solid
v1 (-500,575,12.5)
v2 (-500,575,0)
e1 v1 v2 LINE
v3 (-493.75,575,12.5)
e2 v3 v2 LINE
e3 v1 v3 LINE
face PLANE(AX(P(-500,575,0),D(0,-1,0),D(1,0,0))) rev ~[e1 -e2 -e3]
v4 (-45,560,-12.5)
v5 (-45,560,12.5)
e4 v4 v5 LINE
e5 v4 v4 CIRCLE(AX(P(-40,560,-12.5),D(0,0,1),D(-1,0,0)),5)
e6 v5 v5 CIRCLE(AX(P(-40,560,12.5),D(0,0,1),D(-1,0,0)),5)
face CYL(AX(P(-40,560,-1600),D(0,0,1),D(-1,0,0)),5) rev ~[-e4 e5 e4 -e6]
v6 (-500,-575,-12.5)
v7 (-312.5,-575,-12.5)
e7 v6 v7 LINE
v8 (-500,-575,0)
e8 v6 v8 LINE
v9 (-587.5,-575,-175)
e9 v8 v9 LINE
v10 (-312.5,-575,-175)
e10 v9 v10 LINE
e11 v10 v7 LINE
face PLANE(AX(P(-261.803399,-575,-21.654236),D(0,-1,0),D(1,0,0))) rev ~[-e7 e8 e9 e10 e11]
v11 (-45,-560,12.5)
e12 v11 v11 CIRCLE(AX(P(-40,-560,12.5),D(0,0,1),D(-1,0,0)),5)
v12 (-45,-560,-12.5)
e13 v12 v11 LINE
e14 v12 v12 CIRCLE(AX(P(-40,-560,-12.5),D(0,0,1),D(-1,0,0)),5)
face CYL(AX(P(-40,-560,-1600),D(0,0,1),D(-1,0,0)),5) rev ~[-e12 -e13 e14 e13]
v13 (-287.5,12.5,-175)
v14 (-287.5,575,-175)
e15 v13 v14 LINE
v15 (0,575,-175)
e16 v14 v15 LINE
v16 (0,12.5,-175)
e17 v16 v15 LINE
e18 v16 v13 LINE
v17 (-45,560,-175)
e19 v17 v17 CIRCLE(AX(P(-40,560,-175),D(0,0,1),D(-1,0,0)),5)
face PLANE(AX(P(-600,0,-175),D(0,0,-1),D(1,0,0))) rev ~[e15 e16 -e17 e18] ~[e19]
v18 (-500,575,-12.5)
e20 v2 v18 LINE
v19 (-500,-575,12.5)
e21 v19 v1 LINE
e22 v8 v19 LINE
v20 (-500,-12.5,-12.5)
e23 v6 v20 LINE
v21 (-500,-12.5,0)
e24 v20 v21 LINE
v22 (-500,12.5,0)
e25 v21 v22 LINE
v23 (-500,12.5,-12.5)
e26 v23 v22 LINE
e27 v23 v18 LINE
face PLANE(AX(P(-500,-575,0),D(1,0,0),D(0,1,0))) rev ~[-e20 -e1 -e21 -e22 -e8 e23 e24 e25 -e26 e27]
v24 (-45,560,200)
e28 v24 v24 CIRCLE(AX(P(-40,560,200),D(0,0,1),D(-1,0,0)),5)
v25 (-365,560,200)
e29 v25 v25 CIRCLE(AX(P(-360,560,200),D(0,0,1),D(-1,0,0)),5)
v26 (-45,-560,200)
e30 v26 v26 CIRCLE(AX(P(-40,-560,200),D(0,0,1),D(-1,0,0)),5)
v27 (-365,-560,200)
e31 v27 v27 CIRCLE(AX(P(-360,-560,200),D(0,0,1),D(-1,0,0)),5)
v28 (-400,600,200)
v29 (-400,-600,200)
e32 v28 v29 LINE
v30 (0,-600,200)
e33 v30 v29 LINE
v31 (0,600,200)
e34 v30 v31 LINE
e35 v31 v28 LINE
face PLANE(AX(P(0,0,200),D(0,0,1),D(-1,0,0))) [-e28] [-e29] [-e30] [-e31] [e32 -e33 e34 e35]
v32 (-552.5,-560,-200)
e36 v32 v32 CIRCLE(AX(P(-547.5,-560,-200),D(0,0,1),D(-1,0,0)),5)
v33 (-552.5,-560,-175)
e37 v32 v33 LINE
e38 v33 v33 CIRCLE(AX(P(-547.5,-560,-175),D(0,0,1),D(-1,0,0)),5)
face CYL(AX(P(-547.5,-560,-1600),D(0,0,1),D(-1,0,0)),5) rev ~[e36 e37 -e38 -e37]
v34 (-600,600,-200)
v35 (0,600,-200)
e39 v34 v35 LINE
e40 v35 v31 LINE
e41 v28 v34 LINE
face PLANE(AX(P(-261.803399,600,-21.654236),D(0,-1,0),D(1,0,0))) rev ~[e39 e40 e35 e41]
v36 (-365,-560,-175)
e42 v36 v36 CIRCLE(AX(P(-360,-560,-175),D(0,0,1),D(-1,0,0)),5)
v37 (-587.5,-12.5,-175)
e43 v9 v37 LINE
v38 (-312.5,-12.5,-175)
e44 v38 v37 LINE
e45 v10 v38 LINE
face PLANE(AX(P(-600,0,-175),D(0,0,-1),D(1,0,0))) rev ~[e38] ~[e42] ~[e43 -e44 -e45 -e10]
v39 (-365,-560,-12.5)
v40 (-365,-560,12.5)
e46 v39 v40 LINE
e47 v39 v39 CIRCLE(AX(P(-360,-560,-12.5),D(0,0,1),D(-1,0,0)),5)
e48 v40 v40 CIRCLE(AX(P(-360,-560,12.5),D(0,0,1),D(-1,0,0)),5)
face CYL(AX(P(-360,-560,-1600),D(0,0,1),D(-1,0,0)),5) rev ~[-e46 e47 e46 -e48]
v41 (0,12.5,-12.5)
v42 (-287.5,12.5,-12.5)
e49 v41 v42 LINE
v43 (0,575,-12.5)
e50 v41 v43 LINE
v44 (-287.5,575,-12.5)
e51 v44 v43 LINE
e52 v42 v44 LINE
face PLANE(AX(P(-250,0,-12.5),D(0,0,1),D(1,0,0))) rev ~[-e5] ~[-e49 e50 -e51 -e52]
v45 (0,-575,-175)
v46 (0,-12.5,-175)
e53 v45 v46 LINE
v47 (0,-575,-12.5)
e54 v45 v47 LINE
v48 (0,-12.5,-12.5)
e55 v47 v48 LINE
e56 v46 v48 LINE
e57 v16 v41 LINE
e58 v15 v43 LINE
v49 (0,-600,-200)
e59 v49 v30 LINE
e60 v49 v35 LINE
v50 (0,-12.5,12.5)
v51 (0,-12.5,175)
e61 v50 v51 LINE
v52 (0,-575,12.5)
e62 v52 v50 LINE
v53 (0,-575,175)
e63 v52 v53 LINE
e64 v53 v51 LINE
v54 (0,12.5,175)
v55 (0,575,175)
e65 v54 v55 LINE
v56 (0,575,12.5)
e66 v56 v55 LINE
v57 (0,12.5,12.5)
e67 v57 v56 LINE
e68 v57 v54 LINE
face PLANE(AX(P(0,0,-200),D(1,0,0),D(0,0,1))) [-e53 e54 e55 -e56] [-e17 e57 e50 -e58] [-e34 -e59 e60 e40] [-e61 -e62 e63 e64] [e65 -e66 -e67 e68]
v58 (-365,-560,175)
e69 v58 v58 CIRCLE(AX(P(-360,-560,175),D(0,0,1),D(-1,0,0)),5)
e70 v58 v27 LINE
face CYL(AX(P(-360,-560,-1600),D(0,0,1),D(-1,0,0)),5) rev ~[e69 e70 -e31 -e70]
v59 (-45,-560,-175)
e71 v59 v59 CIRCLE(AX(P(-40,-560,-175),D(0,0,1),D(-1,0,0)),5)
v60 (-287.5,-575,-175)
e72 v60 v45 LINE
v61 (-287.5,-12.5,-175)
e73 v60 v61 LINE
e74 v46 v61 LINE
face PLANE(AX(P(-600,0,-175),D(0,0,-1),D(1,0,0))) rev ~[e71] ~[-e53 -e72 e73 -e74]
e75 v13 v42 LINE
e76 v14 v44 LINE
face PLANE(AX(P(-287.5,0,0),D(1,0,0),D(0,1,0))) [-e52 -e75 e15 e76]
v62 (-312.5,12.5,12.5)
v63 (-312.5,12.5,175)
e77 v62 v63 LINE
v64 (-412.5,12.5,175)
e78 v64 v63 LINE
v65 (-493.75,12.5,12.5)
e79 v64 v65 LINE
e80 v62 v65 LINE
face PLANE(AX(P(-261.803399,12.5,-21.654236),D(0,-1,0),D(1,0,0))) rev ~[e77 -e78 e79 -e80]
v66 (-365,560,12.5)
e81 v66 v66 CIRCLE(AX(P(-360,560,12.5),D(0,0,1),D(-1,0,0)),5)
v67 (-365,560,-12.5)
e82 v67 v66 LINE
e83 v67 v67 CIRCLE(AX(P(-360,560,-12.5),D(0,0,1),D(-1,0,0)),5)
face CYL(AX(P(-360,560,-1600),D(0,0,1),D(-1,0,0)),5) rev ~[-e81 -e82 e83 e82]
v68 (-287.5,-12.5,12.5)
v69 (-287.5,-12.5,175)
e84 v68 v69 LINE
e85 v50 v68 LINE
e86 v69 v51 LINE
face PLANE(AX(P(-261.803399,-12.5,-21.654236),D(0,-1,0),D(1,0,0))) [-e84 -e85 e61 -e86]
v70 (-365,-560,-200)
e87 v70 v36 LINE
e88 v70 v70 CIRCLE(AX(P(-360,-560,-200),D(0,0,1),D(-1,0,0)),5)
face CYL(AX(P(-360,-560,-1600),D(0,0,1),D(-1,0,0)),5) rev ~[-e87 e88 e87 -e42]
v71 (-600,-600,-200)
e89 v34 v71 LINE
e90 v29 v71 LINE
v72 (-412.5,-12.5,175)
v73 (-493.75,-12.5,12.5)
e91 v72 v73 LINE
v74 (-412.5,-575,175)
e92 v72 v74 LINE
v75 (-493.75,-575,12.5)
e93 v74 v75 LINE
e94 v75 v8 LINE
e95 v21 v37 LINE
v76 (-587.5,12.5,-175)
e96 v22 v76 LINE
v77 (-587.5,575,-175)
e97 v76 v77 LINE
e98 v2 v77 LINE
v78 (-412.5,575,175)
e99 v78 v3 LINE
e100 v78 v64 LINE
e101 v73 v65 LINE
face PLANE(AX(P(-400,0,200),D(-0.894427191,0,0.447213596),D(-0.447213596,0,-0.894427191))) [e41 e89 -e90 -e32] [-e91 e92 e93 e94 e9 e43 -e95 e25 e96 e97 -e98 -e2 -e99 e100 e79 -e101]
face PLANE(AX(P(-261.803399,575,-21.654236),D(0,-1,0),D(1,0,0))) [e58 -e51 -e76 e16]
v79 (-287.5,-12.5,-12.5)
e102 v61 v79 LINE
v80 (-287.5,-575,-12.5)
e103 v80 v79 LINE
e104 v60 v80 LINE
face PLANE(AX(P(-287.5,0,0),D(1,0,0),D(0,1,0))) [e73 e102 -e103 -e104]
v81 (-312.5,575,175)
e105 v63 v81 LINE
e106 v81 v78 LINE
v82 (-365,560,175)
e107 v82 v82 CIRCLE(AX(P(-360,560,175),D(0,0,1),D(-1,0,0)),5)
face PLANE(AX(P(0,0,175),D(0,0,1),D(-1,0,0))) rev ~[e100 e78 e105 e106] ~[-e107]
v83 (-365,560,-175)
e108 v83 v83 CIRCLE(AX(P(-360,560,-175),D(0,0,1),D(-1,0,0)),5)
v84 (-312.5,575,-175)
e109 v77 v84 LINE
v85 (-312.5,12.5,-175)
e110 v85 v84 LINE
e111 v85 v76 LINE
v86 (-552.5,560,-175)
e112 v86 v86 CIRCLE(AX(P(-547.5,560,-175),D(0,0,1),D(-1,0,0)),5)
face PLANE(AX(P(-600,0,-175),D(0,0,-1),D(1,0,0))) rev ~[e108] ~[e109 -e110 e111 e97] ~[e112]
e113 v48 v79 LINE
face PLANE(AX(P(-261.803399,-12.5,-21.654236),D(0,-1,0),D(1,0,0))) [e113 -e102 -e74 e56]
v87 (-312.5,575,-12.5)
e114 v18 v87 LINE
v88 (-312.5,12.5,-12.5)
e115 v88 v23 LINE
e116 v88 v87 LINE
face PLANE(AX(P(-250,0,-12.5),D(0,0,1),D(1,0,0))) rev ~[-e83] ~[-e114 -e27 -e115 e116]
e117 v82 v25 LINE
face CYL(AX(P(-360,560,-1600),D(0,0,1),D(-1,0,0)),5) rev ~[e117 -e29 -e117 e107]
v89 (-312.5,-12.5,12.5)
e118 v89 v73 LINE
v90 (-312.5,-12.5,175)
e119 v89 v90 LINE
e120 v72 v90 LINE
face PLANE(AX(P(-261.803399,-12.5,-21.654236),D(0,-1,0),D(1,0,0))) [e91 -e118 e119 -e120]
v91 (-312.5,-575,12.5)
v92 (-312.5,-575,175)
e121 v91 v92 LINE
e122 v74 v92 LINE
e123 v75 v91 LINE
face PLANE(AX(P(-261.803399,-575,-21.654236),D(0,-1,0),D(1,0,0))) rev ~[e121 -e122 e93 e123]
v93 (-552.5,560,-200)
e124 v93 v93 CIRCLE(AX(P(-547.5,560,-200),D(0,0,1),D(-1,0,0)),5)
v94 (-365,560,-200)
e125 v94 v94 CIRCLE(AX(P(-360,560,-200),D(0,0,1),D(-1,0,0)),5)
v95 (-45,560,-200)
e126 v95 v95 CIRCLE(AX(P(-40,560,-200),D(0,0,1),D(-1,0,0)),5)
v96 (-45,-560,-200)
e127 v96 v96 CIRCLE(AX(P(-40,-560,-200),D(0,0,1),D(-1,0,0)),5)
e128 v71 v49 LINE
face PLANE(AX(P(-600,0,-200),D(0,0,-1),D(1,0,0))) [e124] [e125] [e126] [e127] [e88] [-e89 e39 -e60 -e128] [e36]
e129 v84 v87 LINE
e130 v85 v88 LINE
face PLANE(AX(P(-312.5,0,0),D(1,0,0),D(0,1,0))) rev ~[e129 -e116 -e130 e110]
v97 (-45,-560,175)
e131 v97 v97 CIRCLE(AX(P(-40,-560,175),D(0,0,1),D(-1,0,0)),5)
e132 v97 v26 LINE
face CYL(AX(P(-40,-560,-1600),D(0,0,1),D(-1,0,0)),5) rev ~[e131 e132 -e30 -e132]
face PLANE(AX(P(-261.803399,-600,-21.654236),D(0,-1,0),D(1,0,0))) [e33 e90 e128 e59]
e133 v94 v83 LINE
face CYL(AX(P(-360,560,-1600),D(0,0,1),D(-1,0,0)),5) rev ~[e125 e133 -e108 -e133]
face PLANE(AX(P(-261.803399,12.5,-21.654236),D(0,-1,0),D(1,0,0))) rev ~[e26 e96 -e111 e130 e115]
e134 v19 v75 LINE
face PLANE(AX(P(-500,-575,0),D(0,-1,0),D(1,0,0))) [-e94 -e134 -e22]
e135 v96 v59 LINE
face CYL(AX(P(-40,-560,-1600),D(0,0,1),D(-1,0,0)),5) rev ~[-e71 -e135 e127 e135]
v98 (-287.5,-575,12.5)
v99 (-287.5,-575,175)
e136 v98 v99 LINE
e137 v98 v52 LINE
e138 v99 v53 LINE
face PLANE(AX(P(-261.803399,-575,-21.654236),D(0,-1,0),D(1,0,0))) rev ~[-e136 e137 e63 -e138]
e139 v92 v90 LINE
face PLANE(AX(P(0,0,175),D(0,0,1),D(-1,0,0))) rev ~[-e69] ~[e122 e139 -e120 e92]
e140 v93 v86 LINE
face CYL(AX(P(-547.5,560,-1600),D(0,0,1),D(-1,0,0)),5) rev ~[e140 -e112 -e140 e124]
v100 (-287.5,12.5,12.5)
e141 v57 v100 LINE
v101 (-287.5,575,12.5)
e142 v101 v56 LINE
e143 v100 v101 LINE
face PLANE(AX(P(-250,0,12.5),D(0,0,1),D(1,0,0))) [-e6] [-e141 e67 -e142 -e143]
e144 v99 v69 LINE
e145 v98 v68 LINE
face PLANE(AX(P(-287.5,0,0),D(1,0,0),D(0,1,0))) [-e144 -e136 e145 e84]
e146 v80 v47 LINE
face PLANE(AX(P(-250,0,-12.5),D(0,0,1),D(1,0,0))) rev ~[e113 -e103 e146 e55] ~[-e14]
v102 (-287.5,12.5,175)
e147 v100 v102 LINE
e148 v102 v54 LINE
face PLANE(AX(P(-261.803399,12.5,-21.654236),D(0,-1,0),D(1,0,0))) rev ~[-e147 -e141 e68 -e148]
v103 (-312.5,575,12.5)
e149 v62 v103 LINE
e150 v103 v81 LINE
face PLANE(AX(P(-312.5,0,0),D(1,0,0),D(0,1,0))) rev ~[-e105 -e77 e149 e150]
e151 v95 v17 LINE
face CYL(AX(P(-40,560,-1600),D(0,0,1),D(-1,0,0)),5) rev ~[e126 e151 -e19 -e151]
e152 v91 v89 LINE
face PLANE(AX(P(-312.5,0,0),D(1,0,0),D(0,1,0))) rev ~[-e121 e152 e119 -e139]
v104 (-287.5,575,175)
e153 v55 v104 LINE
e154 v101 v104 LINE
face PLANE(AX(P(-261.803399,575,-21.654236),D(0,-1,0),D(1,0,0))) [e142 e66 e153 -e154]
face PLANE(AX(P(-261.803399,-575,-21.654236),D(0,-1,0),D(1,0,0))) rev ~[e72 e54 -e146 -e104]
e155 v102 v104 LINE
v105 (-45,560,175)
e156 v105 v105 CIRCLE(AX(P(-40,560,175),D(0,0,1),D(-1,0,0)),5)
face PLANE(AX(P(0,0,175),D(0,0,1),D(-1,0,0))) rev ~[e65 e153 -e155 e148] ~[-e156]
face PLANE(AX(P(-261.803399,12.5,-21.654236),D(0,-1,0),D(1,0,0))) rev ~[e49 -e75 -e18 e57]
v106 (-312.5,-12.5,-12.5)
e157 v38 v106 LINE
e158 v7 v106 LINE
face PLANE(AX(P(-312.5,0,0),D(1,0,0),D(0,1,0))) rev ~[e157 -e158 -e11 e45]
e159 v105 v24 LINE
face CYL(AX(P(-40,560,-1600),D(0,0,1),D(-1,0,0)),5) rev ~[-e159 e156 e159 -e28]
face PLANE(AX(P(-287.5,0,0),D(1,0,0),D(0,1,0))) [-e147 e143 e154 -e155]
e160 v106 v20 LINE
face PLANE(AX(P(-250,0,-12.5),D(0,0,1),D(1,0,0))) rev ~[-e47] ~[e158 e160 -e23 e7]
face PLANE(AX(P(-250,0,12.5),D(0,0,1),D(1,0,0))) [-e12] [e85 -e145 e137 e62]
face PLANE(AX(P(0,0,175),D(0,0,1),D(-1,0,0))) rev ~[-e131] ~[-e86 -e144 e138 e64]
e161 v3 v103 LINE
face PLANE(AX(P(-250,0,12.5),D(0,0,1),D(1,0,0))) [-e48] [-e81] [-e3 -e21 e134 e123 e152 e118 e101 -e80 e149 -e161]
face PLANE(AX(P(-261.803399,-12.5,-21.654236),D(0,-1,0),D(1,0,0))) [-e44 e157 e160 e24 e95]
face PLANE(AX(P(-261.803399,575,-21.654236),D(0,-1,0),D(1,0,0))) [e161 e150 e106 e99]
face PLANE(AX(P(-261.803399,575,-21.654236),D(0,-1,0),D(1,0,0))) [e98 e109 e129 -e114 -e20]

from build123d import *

# Parameters (mm, degrees)
F1_DEPTH = 600
F2_T     = -25
F3_DEPTH = 12.5
F4_W     = 500
F4_H     = 1150
F5_DEPTH = 12.5
F7_W     = 1150
F7_H     = 350
F8_DEPTH = 12.5
F10_D    = 10


with BuildPart() as f1:
    # F0 (on Front) → F1 (new body, symmetric)
    with BuildSketch(Plane.XZ):
        Polygon((0, 200), (-400, 200), (-600, -200), (0, -200), align=None)
    extrude(amount=F1_DEPTH, both=True)

    # F2
    f2_openings = [f1.faces().sort_by_distance(p)[0] for p in [
        (0, 0, 0),
        (-500, 0, 0),
    ]]
    offset(amount=F2_T, openings=f2_openings)

    # F0 (on Front) → F3 (join, symmetric)
    with BuildSketch(Plane.XZ):
        Polygon((0, 200), (-400, 200), (-600, -200), (0, -200), align=None)
    extrude(amount=F3_DEPTH, both=True)

    # F4 (on Top) → F5 (join, symmetric)
    with BuildSketch(Plane.XY):
        with Locations((-250, 0)):
            Rectangle(F4_W, F4_H)
    extrude(amount=F5_DEPTH, both=True)

    # F7 (on offset) → F8 (join, symmetric)
    with BuildSketch(Plane.YZ.offset(-300)):
        Rectangle(F7_W, F7_H)
    extrude(amount=F8_DEPTH, both=True)

    # F10 (through all)
    with Locations(Plane(origin=(0, 0, -200), x_dir=(1, 0, 0), z_dir=(0, 0, -1))):
        with Locations((-40, 560), (-547.5, 560), (-40, -560), (-547.5, -560), (-360, 560), (-360, -560)):
            Hole(F10_D / 2)


solid = f1.part
